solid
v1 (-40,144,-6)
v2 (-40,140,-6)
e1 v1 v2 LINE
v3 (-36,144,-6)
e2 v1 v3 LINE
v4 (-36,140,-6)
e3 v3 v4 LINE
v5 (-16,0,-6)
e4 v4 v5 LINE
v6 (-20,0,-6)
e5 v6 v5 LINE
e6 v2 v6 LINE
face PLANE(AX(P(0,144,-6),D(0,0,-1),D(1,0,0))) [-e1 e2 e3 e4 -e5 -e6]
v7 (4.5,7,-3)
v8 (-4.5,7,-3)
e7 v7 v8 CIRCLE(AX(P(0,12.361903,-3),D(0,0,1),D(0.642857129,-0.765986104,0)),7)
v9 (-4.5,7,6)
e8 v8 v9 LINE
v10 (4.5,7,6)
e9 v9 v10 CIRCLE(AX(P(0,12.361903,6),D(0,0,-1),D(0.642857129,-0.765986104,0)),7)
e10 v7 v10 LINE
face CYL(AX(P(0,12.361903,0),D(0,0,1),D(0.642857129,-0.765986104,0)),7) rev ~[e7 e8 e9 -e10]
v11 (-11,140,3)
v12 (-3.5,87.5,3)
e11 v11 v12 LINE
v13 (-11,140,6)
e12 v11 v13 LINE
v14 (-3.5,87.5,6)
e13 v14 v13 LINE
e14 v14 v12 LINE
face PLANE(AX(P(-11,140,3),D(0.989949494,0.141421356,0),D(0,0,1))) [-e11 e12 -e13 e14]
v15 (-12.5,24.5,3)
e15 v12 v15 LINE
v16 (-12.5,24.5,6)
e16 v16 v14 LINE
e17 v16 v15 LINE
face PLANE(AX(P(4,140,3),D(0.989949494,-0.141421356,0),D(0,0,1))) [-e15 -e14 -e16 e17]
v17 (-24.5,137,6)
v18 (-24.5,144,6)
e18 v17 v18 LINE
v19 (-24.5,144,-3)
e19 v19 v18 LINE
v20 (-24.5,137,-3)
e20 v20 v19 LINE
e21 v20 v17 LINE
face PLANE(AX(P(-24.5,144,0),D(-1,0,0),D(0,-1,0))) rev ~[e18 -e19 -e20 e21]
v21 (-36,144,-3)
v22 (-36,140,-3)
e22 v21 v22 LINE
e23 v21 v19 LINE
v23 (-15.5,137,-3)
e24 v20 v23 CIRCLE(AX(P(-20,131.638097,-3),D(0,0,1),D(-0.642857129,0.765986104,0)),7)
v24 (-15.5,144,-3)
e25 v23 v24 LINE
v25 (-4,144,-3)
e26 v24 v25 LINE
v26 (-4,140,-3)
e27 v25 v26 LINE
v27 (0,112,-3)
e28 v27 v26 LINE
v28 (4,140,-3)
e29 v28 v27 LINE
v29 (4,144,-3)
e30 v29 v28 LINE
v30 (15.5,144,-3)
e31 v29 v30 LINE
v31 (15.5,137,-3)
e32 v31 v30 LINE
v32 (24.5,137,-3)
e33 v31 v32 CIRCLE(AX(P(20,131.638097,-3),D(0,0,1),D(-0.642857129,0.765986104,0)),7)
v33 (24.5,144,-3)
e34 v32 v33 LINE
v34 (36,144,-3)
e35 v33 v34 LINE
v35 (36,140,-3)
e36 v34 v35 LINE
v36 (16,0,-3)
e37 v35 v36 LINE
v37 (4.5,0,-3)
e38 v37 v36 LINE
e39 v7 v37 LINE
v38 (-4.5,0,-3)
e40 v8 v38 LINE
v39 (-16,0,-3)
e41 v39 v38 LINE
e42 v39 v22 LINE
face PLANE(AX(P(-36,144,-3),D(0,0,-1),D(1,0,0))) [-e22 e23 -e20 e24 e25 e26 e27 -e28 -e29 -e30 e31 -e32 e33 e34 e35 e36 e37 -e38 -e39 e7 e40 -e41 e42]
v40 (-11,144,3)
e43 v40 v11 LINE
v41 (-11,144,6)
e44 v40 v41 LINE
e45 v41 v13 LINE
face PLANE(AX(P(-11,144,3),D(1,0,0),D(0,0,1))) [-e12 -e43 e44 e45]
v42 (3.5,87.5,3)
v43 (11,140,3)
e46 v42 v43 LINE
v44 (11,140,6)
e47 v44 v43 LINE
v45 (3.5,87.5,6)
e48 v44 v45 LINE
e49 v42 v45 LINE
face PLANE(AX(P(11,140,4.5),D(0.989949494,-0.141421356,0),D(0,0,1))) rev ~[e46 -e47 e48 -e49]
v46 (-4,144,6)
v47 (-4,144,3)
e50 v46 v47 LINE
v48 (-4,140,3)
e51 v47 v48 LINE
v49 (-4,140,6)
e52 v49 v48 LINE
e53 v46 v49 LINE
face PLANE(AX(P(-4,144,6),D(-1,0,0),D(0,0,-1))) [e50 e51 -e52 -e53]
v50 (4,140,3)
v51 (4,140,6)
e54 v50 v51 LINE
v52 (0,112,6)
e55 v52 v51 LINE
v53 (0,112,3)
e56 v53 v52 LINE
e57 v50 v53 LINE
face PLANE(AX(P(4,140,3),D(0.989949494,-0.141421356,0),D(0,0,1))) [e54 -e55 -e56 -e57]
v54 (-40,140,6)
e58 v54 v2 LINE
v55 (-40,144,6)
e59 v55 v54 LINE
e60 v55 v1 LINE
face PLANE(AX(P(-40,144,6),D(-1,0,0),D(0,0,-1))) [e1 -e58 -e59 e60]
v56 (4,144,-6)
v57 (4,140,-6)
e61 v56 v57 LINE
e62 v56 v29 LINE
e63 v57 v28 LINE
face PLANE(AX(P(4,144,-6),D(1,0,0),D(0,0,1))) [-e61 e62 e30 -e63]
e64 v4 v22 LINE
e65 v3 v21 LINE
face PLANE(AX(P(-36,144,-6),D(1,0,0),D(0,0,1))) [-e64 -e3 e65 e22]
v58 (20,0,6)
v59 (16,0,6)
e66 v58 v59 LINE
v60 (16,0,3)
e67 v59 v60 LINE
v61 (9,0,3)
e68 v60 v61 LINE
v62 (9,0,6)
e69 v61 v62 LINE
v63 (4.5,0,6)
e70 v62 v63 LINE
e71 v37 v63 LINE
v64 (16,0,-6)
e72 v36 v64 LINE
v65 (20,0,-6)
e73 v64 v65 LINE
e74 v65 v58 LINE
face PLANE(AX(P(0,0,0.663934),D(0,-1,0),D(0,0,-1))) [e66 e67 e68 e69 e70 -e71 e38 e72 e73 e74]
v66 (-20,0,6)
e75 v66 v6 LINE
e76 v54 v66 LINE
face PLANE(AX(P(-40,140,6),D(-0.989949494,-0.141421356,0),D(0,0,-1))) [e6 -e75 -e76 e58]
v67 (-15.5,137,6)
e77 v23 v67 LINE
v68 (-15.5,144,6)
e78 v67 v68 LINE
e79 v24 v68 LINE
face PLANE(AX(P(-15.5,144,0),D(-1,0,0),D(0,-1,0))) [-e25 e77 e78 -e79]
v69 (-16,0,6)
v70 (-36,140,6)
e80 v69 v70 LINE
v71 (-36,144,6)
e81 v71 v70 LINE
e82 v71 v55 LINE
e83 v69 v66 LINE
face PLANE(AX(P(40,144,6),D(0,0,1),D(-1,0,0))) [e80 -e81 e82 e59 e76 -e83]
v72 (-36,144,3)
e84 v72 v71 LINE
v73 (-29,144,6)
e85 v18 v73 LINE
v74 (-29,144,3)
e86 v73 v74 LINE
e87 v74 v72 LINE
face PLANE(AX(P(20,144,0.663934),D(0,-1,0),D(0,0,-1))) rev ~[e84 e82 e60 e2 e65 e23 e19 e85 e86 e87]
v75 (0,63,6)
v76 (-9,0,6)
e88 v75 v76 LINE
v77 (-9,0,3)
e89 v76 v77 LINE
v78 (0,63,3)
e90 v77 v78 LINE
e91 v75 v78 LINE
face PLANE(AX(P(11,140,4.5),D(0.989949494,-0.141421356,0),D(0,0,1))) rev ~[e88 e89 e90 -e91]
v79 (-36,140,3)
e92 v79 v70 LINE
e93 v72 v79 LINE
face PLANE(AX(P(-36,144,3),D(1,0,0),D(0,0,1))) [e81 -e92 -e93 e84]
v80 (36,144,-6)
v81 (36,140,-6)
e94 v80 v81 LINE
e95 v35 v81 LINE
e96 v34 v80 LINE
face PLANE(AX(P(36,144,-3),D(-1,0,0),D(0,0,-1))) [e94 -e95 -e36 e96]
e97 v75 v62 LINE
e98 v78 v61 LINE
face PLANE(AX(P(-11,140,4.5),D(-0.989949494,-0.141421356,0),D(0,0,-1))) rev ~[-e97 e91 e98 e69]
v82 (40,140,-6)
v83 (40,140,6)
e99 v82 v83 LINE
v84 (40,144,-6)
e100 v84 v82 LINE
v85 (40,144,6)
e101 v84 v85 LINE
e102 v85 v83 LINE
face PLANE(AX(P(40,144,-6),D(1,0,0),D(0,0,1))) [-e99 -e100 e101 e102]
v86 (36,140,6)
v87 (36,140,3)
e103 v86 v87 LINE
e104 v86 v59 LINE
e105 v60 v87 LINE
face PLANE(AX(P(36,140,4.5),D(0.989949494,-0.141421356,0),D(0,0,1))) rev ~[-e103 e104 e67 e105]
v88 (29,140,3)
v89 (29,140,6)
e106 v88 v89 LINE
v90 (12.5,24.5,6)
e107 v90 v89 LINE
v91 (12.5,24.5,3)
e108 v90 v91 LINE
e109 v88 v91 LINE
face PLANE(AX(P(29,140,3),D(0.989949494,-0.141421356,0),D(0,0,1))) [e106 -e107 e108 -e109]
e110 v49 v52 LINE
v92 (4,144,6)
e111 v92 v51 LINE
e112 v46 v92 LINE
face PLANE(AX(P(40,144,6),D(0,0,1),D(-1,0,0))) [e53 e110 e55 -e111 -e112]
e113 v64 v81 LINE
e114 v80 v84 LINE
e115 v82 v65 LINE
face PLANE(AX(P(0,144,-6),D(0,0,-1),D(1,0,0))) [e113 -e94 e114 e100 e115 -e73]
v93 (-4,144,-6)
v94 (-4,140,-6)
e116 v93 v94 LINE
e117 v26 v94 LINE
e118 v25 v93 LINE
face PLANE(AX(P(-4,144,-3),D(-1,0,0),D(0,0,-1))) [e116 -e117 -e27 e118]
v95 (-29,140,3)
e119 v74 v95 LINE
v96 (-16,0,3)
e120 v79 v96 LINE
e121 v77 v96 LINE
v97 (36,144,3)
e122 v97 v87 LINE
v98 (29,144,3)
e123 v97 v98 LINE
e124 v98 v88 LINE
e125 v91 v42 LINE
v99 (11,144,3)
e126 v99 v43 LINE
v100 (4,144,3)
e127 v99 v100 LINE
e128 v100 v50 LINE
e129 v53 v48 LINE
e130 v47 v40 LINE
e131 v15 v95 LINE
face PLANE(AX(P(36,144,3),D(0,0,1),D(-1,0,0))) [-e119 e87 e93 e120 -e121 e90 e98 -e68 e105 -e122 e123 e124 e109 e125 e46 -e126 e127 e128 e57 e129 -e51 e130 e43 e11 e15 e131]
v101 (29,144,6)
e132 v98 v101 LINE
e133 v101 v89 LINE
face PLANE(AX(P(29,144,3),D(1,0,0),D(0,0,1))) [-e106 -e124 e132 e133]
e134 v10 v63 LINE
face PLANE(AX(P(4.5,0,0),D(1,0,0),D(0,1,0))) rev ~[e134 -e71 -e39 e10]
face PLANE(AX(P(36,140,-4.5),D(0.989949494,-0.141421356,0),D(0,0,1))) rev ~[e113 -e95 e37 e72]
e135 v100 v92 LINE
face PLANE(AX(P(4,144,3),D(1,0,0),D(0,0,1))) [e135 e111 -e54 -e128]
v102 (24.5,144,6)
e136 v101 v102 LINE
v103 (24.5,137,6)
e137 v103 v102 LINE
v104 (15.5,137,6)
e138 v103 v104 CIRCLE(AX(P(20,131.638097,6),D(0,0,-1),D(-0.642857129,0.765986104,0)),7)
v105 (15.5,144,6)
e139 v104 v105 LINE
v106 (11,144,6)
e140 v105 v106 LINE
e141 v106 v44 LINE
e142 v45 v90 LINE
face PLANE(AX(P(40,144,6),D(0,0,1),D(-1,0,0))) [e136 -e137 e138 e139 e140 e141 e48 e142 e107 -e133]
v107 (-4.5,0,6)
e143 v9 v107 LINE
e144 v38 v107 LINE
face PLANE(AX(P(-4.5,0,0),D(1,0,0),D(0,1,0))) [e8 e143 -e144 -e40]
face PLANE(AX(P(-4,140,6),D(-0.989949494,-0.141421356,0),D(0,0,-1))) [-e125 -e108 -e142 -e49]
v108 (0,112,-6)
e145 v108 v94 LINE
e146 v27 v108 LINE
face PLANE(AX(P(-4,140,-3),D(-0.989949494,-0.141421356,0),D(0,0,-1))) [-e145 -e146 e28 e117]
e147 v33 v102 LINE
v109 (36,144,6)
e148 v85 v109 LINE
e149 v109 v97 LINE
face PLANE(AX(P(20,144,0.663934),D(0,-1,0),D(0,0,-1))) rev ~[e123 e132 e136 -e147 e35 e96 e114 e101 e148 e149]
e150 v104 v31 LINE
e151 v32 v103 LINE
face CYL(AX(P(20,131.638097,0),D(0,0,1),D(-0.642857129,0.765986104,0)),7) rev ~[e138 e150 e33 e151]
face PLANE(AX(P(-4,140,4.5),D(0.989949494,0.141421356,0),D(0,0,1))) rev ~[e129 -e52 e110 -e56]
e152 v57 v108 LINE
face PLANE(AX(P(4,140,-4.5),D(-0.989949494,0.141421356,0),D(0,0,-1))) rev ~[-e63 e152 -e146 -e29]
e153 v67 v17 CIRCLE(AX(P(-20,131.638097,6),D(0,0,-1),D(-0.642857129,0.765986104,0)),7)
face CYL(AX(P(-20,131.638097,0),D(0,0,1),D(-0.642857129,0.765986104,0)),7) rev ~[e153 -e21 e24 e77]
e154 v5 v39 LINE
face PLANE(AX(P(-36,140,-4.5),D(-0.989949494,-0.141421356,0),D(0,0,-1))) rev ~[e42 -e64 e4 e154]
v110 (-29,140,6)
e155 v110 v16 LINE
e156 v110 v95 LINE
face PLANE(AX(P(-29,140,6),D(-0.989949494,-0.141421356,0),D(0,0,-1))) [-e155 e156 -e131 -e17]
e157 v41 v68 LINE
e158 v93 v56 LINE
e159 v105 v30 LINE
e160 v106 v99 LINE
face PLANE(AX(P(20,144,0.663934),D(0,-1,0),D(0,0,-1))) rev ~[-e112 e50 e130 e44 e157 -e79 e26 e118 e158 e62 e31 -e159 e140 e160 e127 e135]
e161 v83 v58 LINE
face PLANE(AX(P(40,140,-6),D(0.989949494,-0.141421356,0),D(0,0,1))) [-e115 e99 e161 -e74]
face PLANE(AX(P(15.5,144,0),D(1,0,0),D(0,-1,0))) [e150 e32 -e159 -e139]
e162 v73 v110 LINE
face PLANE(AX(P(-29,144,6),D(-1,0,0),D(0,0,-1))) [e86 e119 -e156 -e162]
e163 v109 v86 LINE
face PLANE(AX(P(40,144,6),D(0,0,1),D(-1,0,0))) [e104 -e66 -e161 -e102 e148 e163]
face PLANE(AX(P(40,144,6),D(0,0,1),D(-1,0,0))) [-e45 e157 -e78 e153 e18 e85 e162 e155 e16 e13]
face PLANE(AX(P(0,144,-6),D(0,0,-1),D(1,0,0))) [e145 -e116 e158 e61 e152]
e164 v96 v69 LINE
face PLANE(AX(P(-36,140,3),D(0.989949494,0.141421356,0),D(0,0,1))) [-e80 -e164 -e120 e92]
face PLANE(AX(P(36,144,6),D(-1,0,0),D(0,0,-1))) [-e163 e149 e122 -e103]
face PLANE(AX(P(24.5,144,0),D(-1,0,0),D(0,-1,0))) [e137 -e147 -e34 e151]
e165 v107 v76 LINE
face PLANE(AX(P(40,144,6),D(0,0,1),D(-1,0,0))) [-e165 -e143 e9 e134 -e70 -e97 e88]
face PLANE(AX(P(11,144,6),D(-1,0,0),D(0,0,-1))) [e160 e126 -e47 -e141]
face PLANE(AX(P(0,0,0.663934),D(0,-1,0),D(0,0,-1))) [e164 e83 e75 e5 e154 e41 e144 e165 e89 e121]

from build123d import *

# Parameters (mm, degrees)
SKETCH004_W          = 32
SKETCH004_H          = 3
SKETCH005_W          = 7
SKETCH005_H          = 3
SKETCH006_W          = 7
SKETCH006_H          = 3
POCKET_DEPTH         = 6.001
POCKET_DEPTH_BACK    = -6.001
POCKET001_DEPTH      = 6.001
POCKET001_DEPTH_BACK = -6.001
POCKET002_DEPTH      = 6.001
POCKET002_DEPTH_BACK = -6.001


with BuildPart() as part:
    # AdditivePipe: sweep along a path in Sketch
    with BuildLine(Plane.XY) as additivepipe_path:
        Line((-20, 144), (-20, 140))
        Line((-20, 140), (0, 0))
    # Sketch002 → AdditivePipe (sweep)
    with BuildSketch(Plane.XZ):
        Polygon((-20, 6), (-20, -6), (-16, -6), (-16, -3), (-9, -3), (9, -3), (16, -3), (16, -6), (20, -6), (20, 6), (16, 6), (16, 3), (9, 3), (9, 6), (-9, 6), (-9, 3), (-16, 3), (-16, 6), align=None)
    sweep(path=additivepipe_path.line)

    # AdditivePipe001: sweep along a path in Sketch001
    with BuildLine(Plane.XY) as additivepipe001_path:
        Line((20, 144), (20, 140))
        Line((20, 140), (0, 0))
    # Sketch002 → AdditivePipe001 (sweep)
    with BuildSketch(Plane.XZ):
        Polygon((-20, 6), (-20, -6), (-16, -6), (-16, -3), (-9, -3), (9, -3), (16, -3), (16, -6), (20, -6), (20, 6), (16, 6), (16, 3), (9, 3), (9, 6), (-9, 6), (-9, 3), (-16, 3), (-16, 6), align=None)
    sweep(path=additivepipe001_path.line)

    # SubtractivePipe: sweep along a path in Sketch
    with BuildLine(Plane.XY) as subtractivepipe_path:
        Line((-20, 144), (-20, 140))
        Line((-20, 140), (0, 0))
    # Sketch004 → SubtractivePipe (sweep, cut)
    with BuildSketch(Plane.XZ):
        with Locations((0, -4.5)):
            Rectangle(SKETCH004_W, SKETCH004_H)
    sweep(path=subtractivepipe_path.line, mode=Mode.SUBTRACT)

    # SubtractivePipe001: sweep along a path in Sketch001
    with BuildLine(Plane.XY) as subtractivepipe001_path:
        Line((20, 144), (20, 140))
        Line((20, 140), (0, 0))
    # Sketch004 → SubtractivePipe001 (sweep, cut)
    with BuildSketch(Plane.XZ):
        with Locations((0, -4.5)):
            Rectangle(SKETCH004_W, SKETCH004_H)
    sweep(path=subtractivepipe001_path.line, mode=Mode.SUBTRACT)

    # SubtractivePipe002: sweep along a path in Sketch
    with BuildLine(Plane.XY) as subtractivepipe002_path:
        Line((-20, 144), (-20, 140))
        Line((-20, 140), (0, 0))
    # Sketch005 → SubtractivePipe002 (sweep, cut)
    with BuildSketch(Plane.XZ):
        with Locations((-12.5, 4.5)):
            Rectangle(SKETCH005_W, SKETCH005_H)
    sweep(path=subtractivepipe002_path.line, mode=Mode.SUBTRACT)

    # SubtractivePipe003: sweep along a path in Sketch001
    with BuildLine(Plane.XY) as subtractivepipe003_path:
        Line((20, 144), (20, 140))
        Line((20, 140), (0, 0))
    # Sketch005 → SubtractivePipe003 (sweep, cut)
    with BuildSketch(Plane.XZ):
        with Locations((-12.5, 4.5)):
            Rectangle(SKETCH005_W, SKETCH005_H)
    sweep(path=subtractivepipe003_path.line, mode=Mode.SUBTRACT)

    # SubtractivePipe004: sweep along a path in Sketch
    with BuildLine(Plane.XY) as subtractivepipe004_path:
        Line((-20, 144), (-20, 140))
        Line((-20, 140), (0, 0))
    # Sketch006 → SubtractivePipe004 (sweep, cut)
    with BuildSketch(Plane.XZ):
        with Locations((12.5, 4.5)):
            Rectangle(SKETCH006_W, SKETCH006_H)
    sweep(path=subtractivepipe004_path.line, mode=Mode.SUBTRACT)

    # SubtractivePipe005: sweep along a path in Sketch001
    with BuildLine(Plane.XY) as subtractivepipe005_path:
        Line((20, 144), (20, 140))
        Line((20, 140), (0, 0))
    # Sketch006 → SubtractivePipe005 (sweep, cut)
    with BuildSketch(Plane.XZ):
        with Locations((12.5, 4.5)):
            Rectangle(SKETCH006_W, SKETCH006_H)
    sweep(path=subtractivepipe005_path.line, mode=Mode.SUBTRACT)

    # Sketch003 → Pocket (cut, two sides)
    with BuildSketch(Plane.XY) as pocket_sk:
        with BuildLine():
            Line((-4.5, 0), (4.5, 0))
            Line((4.5, 0), (4.5, 7))
            ThreePointArc((4.5, 7), (0, 19.361903), (-4.5, 7))
            Line((-4.5, 0), (-4.5, 7))
        make_face()
    extrude(amount=-POCKET_DEPTH, mode=Mode.SUBTRACT)
    extrude(pocket_sk.sketch, amount=-POCKET_DEPTH_BACK, mode=Mode.SUBTRACT)

    # Sketch007 → Pocket001 (cut, two sides)
    with BuildSketch(Plane.XY) as pocket001_sk:
        with BuildLine():
            Line((-24.5, 144), (-15.5, 144))
            Line((-15.5, 144), (-15.5, 137))
            ThreePointArc((-24.5, 137), (-20, 124.638097), (-15.5, 137))
            Line((-24.5, 144), (-24.5, 137))
        make_face()
    extrude(amount=-POCKET001_DEPTH, mode=Mode.SUBTRACT)
    extrude(pocket001_sk.sketch, amount=-POCKET001_DEPTH_BACK, mode=Mode.SUBTRACT)

    # Sketch008 → Pocket002 (cut, two sides)
    with BuildSketch(Plane.XY) as pocket002_sk:
        with BuildLine():
            Line((15.5, 144), (24.5, 144))
            Line((24.5, 144), (24.5, 137))
            ThreePointArc((15.5, 137), (20, 124.638097), (24.5, 137))
            Line((15.5, 144), (15.5, 137))
        make_face()
    extrude(amount=-POCKET002_DEPTH, mode=Mode.SUBTRACT)
    extrude(pocket002_sk.sketch, amount=-POCKET002_DEPTH_BACK, mode=Mode.SUBTRACT)


solid = part.part
